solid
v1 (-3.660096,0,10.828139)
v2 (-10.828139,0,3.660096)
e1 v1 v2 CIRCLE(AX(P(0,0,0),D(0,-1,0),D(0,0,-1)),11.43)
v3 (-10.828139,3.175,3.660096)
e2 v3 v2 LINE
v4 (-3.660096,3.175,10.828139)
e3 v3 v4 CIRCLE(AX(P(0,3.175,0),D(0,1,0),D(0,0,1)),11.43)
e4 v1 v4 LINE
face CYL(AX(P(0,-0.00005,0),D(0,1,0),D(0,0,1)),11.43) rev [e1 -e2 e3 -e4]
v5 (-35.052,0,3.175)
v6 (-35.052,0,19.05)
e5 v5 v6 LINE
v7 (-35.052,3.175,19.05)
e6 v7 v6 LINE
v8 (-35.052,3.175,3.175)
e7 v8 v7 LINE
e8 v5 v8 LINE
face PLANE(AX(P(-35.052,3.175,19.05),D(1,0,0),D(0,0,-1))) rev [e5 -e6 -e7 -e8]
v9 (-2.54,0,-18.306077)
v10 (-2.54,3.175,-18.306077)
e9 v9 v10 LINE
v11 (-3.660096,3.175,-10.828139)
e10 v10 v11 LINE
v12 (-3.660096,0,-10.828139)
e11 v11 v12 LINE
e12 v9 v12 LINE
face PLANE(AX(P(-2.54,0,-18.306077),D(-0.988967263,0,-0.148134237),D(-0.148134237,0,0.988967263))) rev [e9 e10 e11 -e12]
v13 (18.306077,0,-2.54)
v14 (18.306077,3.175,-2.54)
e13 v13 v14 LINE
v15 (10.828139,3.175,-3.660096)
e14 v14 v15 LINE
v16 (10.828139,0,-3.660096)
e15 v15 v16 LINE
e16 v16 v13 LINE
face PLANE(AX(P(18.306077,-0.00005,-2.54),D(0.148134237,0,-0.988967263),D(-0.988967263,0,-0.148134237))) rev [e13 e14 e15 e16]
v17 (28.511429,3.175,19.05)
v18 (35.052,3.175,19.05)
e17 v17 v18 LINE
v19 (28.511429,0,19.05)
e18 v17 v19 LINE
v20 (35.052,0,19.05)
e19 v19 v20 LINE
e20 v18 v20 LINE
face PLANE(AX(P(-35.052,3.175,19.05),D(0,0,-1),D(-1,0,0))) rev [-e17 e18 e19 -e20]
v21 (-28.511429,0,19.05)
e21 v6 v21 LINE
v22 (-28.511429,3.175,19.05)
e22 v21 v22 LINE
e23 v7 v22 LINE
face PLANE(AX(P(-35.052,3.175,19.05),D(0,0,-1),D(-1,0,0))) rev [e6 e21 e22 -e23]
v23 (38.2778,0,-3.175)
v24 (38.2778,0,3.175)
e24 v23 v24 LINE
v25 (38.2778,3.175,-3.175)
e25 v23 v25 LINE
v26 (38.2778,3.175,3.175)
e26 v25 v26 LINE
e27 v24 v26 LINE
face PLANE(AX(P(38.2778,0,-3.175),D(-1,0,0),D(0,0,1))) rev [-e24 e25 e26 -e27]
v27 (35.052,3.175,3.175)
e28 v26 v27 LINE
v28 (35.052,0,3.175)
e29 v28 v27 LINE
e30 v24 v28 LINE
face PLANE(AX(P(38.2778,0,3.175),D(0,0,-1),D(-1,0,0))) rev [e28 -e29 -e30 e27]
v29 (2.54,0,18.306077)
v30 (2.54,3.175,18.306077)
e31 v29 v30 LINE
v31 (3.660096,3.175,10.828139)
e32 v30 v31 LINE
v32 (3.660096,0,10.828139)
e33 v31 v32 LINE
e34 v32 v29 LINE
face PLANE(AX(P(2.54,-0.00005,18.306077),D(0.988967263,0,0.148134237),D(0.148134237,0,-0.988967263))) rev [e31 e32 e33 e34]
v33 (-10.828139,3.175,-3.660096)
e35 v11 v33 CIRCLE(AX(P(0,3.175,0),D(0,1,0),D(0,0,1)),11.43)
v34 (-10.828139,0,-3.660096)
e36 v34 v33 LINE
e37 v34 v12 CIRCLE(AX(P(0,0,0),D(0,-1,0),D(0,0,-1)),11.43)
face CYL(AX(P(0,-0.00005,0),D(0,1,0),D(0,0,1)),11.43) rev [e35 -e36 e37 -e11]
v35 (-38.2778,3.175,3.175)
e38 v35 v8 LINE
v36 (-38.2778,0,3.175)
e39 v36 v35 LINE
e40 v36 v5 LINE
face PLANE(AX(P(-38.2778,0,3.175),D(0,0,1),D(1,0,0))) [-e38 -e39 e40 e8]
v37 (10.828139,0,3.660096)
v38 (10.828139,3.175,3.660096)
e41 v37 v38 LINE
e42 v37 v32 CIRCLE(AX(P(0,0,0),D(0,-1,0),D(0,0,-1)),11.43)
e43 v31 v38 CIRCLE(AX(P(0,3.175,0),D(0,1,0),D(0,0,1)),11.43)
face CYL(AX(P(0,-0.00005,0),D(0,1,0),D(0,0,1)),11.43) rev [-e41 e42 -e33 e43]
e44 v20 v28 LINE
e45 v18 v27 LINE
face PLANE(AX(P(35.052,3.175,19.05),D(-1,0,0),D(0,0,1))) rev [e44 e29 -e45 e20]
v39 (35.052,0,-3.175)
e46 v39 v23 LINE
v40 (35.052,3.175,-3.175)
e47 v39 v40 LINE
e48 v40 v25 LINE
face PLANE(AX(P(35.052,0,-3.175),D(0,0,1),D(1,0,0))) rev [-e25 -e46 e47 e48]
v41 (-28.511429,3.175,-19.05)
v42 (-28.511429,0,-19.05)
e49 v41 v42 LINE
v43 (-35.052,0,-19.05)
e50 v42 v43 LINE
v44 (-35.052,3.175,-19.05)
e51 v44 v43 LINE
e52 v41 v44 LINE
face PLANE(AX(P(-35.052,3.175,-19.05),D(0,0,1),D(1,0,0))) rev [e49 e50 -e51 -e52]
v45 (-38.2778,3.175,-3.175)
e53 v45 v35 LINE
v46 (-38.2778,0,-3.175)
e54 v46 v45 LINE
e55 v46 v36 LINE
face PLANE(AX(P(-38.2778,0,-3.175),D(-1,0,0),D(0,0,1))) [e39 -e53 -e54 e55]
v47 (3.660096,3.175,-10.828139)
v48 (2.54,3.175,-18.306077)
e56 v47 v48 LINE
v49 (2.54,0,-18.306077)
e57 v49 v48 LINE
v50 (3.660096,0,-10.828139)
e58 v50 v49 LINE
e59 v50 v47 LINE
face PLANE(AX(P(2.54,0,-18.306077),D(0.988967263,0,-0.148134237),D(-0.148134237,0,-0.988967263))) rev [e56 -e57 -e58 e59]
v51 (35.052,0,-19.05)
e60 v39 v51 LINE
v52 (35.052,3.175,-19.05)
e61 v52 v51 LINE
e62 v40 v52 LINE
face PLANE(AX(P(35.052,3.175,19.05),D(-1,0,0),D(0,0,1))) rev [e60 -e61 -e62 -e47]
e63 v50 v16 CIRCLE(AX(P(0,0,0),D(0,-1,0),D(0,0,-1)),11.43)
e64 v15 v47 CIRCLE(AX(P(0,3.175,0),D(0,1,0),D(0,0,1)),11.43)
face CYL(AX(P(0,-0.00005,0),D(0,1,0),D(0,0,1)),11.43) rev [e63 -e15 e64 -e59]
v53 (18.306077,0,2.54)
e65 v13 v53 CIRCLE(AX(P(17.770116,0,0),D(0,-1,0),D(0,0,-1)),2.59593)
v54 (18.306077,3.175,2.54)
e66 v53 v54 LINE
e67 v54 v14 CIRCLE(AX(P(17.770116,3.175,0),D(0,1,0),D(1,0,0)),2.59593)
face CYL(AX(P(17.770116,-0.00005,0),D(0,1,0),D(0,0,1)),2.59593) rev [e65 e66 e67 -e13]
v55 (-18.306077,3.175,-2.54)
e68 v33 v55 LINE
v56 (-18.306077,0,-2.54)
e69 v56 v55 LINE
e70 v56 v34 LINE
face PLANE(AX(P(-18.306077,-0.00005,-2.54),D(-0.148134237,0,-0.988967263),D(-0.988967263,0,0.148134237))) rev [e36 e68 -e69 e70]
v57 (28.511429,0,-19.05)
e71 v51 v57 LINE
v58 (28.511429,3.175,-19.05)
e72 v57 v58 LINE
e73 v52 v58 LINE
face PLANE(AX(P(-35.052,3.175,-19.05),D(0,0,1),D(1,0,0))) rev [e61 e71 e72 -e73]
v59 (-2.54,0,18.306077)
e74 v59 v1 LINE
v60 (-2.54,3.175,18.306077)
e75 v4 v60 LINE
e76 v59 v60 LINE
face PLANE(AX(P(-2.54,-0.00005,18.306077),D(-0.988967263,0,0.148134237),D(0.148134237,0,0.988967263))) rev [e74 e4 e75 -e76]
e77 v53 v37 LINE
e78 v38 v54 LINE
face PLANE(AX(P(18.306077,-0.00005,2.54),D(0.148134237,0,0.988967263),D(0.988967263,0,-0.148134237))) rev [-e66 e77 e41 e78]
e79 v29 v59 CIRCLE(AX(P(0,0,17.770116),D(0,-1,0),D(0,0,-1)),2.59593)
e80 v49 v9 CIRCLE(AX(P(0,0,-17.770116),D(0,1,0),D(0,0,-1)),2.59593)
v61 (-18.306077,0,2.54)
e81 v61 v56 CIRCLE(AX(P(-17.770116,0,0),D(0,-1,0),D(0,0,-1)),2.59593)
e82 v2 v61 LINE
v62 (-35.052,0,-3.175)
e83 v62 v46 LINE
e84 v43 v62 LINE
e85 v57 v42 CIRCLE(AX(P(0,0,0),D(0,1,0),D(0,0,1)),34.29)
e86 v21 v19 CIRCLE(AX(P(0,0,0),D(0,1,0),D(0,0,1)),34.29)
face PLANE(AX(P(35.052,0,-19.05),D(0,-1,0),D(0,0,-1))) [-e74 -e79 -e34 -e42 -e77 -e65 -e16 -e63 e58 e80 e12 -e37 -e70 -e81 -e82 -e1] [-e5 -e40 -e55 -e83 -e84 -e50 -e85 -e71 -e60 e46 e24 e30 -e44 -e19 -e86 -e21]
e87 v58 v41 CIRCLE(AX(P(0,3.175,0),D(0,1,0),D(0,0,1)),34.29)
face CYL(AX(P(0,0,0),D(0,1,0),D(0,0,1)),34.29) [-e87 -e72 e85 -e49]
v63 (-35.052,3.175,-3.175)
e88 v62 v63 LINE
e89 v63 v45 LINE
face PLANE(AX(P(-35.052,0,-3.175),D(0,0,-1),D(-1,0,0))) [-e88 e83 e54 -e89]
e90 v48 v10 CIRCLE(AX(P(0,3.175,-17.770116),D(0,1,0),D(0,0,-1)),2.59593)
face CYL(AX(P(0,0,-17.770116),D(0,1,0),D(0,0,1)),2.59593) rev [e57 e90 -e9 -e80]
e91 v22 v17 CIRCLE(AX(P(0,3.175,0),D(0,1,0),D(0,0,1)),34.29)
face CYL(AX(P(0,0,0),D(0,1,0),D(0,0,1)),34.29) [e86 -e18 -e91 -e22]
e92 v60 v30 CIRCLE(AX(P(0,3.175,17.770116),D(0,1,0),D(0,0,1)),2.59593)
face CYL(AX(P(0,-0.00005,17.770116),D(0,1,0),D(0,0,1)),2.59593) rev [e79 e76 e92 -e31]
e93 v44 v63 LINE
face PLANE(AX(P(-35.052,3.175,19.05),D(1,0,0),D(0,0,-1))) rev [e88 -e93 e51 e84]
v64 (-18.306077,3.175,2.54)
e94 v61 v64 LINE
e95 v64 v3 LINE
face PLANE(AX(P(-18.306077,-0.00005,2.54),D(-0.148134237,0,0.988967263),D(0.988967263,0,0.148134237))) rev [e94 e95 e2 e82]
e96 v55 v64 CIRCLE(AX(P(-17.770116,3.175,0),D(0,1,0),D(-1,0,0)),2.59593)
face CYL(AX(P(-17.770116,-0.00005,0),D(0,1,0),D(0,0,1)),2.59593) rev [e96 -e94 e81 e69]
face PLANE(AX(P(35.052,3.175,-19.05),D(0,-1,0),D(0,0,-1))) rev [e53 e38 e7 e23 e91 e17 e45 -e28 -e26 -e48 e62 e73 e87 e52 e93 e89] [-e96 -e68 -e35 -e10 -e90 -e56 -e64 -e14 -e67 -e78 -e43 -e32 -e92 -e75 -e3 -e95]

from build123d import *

# Parameters (mm, degrees)
SKETCH1_W                                = 70.104
SKETCH1_H                                = 38.1
RECTANGULAR_BASE_DEPTH                   = 3.175
SKETCH2_R                                = 34.29
CIRCULAR_BASE_ADD_ON_DEPTH               = 3.175
HOLE_FOR_SERVO_ARM_DEPTH                 = 4.175
TAB_DEPTH                                = 3.175
CIRCULAR_PATTERN_OF_SERVO_ARM_HOLE_COUNT = 4
SKETCH6_R                                = 11.43
CUT_EXTRUDE2_DEPTH                       = 4.175


with BuildPart() as part:
    # Sketch1 → rectangular base (new body)
    with BuildSketch(Plane(origin=(0, 0, 0), x_dir=(1, 0, 0), z_dir=(0, 1, 0))):
        Rectangle(SKETCH1_W, SKETCH1_H)
    extrude(amount=RECTANGULAR_BASE_DEPTH)

    # Sketch2 → circular base add on (add)
    with BuildSketch(Plane(origin=(0, 3.175, 0), x_dir=(1, 0, 0), z_dir=(0, 1, 0))):
        Circle(SKETCH2_R)
    extrude(amount=-CIRCULAR_BASE_ADD_ON_DEPTH)

    # Sketch3 → hole for servo arm (cut, through all)
    with BuildSketch(Plane(origin=(0, 3.175, 0), x_dir=(1, 0, 0), z_dir=(0, 1, 0))):
        with BuildLine():
            Line((-2.54, 18.306077), (-4.445, 5.588))
            Line((-4.445, 5.588), (-5.881840979, 4.151159021))
            Line((-5.881840979, 4.151159021), (0, 0))
            Line((0, 0), (5.881840979, 4.151159021))
            Line((5.881840979, 4.151159021), (4.445, 5.588))
            Line((4.445, 5.588), (2.54, 18.306077))
            ThreePointArc((2.54, 18.306077), (0, 20.366046175), (-2.54, 18.306077))
        make_face()
    hole_for_servo_arm = extrude(amount=-HOLE_FOR_SERVO_ARM_DEPTH, mode=Mode.SUBTRACT)

    # Sketch4 → tab (add)
    with BuildSketch(Plane(origin=(0, 3.175, 0), x_dir=(1, 0, 0), z_dir=(0, 1, 0))):
        Polygon((-35.052, 0), (-35.052, 3.175), (-38.2778, 3.175), (-38.2778, -3.175), (-35.052, -3.175), align=None)
    tab = extrude(amount=-TAB_DEPTH)

    # Mirror1: tab across plane
    add(tab.mirror(Plane(origin=(0, 0, 0), x_dir=(0, 0, 1), z_dir=(1, 0, 0))))

    # Circular pattern of servo arm hole: hole for servo arm ×4 about axis
    circular_pattern_of_servo_arm_hole_axis = Axis((0, 0, 0), (0, 1, 0))
    for i in range(1, CIRCULAR_PATTERN_OF_SERVO_ARM_HOLE_COUNT):
        add(hole_for_servo_arm.rotate(circular_pattern_of_servo_arm_hole_axis, i * 360 / CIRCULAR_PATTERN_OF_SERVO_ARM_HOLE_COUNT), mode=Mode.SUBTRACT)

    # Sketch6 → Cut-Extrude2 (cut, through all)
    with BuildSketch(Plane(origin=(0, 3.175, 0), x_dir=(1, 0, 0), z_dir=(0, 1, 0))):
        Circle(SKETCH6_R)
    extrude(amount=-CUT_EXTRUDE2_DEPTH, mode=Mode.SUBTRACT)


solid = part.part
